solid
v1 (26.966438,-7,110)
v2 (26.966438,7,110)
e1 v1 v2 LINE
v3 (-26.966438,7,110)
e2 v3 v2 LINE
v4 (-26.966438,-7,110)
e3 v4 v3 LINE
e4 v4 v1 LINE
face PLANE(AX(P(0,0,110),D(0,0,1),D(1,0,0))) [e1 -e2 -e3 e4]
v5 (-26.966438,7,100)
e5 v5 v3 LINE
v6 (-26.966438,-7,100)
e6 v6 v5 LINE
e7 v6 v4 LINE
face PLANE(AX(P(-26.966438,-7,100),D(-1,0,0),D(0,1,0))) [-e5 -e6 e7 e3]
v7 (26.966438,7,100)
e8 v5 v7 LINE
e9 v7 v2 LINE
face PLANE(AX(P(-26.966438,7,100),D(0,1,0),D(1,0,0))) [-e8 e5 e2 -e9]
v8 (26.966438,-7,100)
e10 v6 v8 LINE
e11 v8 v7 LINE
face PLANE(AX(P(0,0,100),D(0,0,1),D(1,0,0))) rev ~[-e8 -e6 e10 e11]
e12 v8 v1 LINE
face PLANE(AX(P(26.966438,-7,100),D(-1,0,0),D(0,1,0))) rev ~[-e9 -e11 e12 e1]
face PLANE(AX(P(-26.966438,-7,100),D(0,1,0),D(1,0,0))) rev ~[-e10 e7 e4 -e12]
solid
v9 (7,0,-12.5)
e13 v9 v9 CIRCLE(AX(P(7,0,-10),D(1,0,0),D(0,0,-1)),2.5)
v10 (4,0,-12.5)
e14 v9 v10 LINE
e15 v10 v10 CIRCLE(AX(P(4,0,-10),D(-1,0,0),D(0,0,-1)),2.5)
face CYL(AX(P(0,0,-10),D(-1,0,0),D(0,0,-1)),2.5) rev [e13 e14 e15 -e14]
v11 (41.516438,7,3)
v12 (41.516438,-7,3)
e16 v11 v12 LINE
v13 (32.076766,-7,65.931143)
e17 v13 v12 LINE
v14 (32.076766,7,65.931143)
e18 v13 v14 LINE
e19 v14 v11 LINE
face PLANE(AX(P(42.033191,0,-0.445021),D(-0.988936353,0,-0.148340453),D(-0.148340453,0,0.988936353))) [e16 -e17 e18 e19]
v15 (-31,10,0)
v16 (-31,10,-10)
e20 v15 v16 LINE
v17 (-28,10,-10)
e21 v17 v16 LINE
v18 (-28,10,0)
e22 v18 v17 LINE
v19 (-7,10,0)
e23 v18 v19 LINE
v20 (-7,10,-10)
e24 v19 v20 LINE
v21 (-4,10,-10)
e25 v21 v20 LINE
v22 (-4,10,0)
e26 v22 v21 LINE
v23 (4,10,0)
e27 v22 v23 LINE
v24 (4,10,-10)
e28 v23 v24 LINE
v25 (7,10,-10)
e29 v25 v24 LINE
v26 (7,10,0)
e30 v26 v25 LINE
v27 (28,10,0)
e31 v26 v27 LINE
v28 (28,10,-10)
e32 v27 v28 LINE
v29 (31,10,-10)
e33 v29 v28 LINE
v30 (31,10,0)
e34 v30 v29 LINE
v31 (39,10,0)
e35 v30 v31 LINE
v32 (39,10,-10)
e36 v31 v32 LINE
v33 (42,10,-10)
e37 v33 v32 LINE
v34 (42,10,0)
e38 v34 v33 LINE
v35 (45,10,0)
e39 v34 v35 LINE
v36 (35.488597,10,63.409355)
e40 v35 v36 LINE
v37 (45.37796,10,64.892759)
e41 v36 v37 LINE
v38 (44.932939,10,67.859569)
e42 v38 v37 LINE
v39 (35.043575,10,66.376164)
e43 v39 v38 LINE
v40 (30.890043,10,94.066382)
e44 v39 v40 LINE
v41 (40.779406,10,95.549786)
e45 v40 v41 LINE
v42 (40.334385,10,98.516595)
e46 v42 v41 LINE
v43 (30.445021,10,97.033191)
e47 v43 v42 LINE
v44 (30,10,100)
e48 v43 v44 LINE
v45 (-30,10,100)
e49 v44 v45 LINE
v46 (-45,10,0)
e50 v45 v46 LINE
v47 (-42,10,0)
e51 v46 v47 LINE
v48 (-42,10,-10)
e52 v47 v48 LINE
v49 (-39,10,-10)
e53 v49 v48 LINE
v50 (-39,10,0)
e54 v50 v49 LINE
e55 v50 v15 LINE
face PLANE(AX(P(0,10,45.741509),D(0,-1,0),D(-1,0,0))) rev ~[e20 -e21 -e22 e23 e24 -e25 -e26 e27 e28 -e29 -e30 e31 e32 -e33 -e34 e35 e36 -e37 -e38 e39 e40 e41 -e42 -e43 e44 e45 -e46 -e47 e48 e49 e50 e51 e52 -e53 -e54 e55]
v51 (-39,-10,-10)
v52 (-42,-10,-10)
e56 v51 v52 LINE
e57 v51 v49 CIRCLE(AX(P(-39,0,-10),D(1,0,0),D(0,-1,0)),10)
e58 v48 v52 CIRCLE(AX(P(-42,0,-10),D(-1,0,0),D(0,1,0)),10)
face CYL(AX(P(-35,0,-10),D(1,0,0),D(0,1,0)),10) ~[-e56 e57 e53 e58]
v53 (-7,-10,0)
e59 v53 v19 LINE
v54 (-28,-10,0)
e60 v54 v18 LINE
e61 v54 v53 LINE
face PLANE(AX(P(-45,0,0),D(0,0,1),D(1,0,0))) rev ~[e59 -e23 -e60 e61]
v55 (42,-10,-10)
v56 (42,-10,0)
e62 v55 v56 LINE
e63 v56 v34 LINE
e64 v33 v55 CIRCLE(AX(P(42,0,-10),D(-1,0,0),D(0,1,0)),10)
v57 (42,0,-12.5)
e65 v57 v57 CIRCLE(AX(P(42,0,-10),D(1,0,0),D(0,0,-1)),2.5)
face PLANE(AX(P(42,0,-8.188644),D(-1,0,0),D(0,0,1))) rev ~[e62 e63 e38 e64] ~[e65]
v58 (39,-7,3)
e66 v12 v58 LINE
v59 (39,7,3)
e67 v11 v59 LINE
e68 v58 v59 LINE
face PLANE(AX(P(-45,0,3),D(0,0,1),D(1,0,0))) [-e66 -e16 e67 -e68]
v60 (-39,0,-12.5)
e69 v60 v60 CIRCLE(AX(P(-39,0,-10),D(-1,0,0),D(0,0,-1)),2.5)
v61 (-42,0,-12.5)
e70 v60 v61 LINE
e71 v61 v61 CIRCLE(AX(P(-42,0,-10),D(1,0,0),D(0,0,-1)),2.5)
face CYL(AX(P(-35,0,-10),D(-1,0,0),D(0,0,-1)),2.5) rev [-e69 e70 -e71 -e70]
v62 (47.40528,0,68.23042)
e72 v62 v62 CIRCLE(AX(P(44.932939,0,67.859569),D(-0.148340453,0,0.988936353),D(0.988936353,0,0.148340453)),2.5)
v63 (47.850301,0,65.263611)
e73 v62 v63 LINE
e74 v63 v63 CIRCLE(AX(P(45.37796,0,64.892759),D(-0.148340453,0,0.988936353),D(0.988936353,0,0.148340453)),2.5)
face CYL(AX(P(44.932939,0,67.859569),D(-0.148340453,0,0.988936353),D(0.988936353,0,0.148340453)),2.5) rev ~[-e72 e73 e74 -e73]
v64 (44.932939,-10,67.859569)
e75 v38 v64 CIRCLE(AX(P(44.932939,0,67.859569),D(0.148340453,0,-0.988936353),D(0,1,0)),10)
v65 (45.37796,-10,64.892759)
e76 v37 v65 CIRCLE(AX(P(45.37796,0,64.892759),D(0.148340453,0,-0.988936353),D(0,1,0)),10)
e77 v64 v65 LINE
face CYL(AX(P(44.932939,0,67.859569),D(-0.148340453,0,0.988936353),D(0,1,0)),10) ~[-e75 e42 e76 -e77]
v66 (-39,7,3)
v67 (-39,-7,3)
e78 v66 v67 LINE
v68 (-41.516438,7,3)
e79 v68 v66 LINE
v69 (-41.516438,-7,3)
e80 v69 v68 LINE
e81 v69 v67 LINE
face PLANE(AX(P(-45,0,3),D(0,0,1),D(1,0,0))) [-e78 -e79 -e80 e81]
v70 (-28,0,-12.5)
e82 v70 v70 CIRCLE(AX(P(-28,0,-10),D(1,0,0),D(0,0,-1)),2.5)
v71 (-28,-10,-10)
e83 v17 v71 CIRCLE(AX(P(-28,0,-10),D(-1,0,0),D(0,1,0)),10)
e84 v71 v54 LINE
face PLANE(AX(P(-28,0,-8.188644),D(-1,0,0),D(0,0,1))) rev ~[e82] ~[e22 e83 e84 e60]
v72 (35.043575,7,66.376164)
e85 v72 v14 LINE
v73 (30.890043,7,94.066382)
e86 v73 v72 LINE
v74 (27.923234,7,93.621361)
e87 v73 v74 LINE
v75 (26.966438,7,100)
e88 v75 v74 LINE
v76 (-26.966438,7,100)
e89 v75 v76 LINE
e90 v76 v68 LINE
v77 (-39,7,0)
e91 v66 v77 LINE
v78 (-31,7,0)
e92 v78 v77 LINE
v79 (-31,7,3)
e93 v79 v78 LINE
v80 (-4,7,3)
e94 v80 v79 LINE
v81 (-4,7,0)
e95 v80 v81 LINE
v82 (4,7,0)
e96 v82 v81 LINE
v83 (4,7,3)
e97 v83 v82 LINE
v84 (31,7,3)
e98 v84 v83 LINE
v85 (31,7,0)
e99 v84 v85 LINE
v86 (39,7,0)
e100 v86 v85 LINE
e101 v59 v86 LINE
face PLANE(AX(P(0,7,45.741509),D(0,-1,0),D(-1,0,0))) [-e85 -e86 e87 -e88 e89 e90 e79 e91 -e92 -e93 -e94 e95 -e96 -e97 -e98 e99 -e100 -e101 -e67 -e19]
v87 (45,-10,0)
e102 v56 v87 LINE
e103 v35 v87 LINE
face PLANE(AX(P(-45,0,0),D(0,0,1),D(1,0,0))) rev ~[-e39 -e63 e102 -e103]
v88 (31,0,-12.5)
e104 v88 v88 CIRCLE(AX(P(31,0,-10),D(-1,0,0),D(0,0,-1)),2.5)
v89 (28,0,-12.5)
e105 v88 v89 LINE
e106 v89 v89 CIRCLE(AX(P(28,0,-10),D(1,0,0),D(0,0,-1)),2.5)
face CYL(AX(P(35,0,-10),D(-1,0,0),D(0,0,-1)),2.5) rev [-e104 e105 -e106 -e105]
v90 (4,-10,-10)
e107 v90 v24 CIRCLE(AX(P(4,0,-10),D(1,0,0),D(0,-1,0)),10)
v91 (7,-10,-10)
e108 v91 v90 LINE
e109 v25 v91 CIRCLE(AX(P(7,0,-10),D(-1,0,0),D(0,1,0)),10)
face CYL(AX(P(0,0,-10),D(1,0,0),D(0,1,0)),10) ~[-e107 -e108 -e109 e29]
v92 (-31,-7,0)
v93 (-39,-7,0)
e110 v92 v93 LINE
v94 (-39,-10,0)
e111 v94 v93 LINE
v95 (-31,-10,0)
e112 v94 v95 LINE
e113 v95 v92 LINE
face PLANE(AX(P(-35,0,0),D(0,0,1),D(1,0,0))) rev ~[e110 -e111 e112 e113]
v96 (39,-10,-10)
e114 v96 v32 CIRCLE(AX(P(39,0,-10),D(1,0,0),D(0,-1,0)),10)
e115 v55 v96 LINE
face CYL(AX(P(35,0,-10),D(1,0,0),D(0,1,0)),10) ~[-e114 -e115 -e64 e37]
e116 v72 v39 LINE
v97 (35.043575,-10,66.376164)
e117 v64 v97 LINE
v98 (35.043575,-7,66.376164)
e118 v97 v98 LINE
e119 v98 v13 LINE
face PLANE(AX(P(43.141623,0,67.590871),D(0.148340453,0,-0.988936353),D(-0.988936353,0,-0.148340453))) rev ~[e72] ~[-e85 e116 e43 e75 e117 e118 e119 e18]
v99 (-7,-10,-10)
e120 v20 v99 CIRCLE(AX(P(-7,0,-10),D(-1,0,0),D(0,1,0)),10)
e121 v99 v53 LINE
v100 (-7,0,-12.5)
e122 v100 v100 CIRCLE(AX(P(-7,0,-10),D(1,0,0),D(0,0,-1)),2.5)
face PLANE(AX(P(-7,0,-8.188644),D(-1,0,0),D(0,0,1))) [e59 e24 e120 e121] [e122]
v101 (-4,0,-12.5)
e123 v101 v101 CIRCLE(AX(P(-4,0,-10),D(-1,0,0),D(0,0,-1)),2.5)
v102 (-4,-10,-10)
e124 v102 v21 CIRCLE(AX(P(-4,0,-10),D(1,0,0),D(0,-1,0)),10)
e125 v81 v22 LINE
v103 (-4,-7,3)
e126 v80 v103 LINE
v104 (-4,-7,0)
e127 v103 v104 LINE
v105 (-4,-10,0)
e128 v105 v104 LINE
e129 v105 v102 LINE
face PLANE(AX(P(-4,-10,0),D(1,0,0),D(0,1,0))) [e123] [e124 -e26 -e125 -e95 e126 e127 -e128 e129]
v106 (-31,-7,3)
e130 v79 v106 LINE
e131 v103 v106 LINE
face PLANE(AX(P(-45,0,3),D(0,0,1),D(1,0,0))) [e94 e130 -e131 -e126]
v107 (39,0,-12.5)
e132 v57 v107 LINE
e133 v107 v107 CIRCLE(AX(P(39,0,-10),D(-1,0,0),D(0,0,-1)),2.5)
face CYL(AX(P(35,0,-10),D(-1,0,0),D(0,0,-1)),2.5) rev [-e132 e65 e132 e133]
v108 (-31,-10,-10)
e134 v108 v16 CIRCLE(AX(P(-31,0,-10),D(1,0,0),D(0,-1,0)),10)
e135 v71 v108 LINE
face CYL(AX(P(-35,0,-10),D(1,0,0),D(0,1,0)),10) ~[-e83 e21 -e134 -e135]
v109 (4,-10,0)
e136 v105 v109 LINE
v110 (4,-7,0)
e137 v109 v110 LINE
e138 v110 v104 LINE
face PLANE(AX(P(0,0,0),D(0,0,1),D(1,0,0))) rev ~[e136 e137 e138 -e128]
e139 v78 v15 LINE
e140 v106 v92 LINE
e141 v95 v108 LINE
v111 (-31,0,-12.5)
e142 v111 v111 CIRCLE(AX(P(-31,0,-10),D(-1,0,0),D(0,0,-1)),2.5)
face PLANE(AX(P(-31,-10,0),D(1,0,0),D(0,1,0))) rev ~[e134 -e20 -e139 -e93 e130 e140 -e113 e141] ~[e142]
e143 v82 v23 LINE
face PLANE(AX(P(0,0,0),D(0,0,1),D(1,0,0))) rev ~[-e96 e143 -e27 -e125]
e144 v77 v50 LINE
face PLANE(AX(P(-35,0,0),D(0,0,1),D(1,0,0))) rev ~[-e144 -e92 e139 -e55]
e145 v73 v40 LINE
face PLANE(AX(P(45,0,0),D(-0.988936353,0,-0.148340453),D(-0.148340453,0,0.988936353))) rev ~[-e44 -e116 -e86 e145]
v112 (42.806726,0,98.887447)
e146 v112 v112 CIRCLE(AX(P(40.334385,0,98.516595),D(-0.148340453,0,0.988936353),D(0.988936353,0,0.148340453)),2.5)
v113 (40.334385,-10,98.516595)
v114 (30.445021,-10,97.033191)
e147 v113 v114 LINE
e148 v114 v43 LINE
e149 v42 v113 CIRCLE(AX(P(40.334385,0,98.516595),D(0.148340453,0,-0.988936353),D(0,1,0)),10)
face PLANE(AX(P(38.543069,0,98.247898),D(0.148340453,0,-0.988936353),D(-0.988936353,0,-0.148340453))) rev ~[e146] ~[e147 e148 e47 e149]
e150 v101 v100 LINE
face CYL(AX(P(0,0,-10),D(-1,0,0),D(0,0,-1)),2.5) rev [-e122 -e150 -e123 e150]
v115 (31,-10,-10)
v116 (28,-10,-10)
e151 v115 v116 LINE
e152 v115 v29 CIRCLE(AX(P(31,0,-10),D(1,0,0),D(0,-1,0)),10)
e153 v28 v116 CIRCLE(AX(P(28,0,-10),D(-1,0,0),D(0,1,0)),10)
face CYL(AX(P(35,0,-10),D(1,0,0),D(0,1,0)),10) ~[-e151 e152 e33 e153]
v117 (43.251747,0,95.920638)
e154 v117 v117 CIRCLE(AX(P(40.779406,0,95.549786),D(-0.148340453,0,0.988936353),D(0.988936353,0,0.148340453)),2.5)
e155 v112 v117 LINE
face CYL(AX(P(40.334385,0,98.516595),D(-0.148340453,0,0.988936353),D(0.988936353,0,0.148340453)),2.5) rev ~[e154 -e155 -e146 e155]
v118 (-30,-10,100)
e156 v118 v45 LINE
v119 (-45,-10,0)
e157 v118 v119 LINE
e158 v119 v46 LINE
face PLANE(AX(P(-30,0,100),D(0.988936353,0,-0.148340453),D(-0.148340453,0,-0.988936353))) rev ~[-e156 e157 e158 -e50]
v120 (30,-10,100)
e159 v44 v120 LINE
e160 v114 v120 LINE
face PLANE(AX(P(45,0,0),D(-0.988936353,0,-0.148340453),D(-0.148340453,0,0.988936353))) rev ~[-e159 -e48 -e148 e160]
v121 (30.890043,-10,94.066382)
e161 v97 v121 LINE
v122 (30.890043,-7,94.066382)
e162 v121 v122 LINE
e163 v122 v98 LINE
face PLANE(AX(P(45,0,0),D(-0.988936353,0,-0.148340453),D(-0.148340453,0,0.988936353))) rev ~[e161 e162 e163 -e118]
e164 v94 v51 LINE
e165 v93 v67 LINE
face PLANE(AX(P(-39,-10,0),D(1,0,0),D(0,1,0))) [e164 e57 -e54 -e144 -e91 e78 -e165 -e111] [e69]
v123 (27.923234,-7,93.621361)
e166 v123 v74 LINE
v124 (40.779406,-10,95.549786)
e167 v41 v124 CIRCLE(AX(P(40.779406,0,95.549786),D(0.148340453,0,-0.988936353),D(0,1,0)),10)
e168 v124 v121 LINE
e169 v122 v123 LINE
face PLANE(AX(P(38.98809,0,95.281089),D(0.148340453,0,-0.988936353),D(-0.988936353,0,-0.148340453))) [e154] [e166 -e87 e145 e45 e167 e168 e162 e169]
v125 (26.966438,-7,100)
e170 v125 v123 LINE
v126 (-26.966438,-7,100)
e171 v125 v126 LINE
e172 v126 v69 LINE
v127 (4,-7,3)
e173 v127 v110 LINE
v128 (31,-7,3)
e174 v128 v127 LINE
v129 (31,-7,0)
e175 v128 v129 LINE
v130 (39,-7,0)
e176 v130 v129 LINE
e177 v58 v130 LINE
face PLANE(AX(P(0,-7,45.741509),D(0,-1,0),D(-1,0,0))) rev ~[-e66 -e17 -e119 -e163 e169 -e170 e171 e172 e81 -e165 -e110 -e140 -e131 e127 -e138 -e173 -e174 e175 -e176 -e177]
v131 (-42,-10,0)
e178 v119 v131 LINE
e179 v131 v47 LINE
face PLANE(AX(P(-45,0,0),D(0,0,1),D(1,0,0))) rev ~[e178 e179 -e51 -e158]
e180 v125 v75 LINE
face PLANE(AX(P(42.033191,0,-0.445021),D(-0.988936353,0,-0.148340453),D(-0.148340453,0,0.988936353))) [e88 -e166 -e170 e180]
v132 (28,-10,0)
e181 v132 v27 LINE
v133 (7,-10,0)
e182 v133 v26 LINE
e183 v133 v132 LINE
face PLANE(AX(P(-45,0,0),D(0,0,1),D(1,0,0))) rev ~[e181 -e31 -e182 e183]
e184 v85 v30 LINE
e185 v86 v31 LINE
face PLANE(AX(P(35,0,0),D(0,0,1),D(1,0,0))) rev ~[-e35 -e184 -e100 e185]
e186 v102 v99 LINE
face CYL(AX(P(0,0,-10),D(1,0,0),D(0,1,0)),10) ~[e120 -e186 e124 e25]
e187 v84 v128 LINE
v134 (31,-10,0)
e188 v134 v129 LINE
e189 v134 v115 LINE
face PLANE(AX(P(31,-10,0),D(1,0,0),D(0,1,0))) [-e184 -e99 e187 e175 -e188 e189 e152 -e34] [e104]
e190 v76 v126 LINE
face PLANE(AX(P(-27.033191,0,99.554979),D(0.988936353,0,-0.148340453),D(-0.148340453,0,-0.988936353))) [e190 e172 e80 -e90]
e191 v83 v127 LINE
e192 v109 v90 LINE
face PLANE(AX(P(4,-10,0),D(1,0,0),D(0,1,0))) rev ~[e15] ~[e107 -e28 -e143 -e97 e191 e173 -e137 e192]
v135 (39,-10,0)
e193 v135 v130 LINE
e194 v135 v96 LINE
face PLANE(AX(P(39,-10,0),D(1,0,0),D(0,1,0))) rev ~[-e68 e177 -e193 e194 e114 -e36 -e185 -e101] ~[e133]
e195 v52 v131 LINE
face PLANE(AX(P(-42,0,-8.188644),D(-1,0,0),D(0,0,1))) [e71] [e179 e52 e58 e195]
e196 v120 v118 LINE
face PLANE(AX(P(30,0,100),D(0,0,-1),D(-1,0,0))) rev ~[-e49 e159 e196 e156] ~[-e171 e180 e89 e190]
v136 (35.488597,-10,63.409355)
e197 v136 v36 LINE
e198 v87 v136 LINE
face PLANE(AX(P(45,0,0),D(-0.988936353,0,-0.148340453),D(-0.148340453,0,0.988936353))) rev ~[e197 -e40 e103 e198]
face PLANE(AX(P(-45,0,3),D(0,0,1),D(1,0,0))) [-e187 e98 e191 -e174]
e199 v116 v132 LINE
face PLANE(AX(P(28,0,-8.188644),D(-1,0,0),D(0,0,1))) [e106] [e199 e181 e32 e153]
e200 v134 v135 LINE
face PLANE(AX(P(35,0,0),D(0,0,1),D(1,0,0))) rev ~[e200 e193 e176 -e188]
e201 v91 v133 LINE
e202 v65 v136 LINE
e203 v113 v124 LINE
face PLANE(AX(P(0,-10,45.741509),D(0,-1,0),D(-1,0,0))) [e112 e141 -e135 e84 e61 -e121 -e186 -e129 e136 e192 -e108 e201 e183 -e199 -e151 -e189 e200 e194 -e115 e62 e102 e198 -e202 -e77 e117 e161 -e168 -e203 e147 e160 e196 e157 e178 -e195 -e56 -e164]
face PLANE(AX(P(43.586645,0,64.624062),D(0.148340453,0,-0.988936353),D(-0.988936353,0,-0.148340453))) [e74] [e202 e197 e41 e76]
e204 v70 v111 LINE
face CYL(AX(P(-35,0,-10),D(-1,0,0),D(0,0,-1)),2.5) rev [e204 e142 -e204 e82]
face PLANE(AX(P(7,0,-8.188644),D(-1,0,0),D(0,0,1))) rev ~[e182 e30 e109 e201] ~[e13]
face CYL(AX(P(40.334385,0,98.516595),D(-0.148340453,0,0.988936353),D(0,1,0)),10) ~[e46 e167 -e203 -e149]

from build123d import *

# Parameters (mm, degrees)
BOSS_EXTRUDE1_DEPTH = 10
BOSS_EXTRUDE2_START = 35
SKETCH2_R           = 2.5
BOSS_EXTRUDE2_DEPTH = 7
LPATTERN1_COUNT     = 3
LPATTERN1_PITCH     = 35
SHELL1_T            = -3
SKETCH3_W           = 8
SKETCH3_H           = 20
CUT_EXTRUDE1_DEPTH  = 20
BOSS_EXTRUDE3_START = -3
SKETCH5_R           = 2.5
BOSS_EXTRUDE3_DEPTH = 3
LPATTERN2_COUNT     = 2
LPATTERN2_PITCH     = 31
SKETCH6_W           = 28
SKETCH6_H           = 14
CUT_EXTRUDE2_DEPTH  = 3
SKETCH7_W           = 53.932875476
SKETCH7_H           = 14
BOSS_EXTRUDE4_DEPTH = 10


with BuildPart() as part:
    # Sketch1 → Boss-Extrude1 (new body, symmetric)
    with BuildSketch(Plane(origin=(0, 0, 0), x_dir=(1, 0, 0), z_dir=(0, 1, 0))):
        Polygon((-45, 0), (45, 0), (30, -100), (-30, -100), align=None)
    extrude(amount=BOSS_EXTRUDE1_DEPTH, both=True)

    # Sketch2 → Boss-Extrude2 (add, symmetric)
    with BuildSketch(Plane(origin=(0, 0, 0), x_dir=(0, 0, -1), z_dir=(1, 0, 0)).offset(BOSS_EXTRUDE2_START)):
        with BuildLine():
            Line((0, 10), (10, 10))
            ThreePointArc((10, 10), (20, 0), (10, -10))
            Line((10, -10), (0, -10))
            Line((0, -10), (0, 10))
        make_face()
        with Locations((10, 0)):
            Circle(SKETCH2_R, mode=Mode.SUBTRACT)
    boss_extrude2 = extrude(amount=BOSS_EXTRUDE2_DEPTH, both=True)

    # LPattern1: Boss-Extrude2 ×3
    with Locations(*[(-i * LPATTERN1_PITCH, 0, 0) for i in range(1, LPATTERN1_COUNT)]):
        add(boss_extrude2)

    # Shell1
    shell1_openings = [part.faces().sort_by_distance(p)[0] for p in [
        (0, 0, 100),
    ]]
    offset(amount=SHELL1_T, openings=shell1_openings, kind=Kind.INTERSECTION)

    # Sketch3 → Cut-Extrude1 (cut)
    with BuildSketch(Plane.XY):
        with Locations((35, 0)):
            Rectangle(SKETCH3_W, SKETCH3_H)
        Rectangle(SKETCH3_W, SKETCH3_H)
        with Locations((-35, 0)):
            Rectangle(SKETCH3_W, SKETCH3_H)
    extrude(amount=-CUT_EXTRUDE1_DEPTH, mode=Mode.SUBTRACT)

    # Sketch5 → Boss-Extrude3 (add)
    with BuildSketch(Plane(origin=(-14.009779951, 0, 93.398533007), x_dir=(0.988936353, 0, 0.148340453), z_dir=(-0.148340453, 0, 0.988936353)).offset(BOSS_EXTRUDE3_START)):
        with BuildLine():
            Line((44.502135879, 10), (54.502135879, 10))
            ThreePointArc((54.502135879, 10), (64.502135879, 0), (54.502135879, -10))
            Line((54.502135879, -10), (44.502135879, -10))
            Line((44.502135879, -10), (44.502135879, 10))
        make_face()
        with Locations((54.502135879, 0)):
            Circle(SKETCH5_R, mode=Mode.SUBTRACT)
    boss_extrude3 = extrude(amount=-BOSS_EXTRUDE3_DEPTH)

    # LPattern2: Boss-Extrude3 ×2
    with Locations(*[Vector(0.148340453, 0, -0.988936353) * (i * LPATTERN2_PITCH) for i in range(1, LPATTERN2_COUNT)]):
        add(boss_extrude3)

    # Sketch6 → Cut-Extrude2 (cut)
    with BuildSketch(Plane(origin=(44.009779951, 0, 6.601466993), x_dir=(0.148340453, 0, -0.988936353), z_dir=(0.988936353, 0, 0.148340453))):
        with Locations((-74.443421699, 0)):
            Rectangle(SKETCH6_W, SKETCH6_H)
    extrude(amount=-CUT_EXTRUDE2_DEPTH, mode=Mode.SUBTRACT)


with BuildPart() as body_2:
    # Sketch7 → Boss-Extrude4 (new body)
    with BuildSketch(Plane.XY.offset(100)):
        Rectangle(SKETCH7_W, SKETCH7_H)
    extrude(amount=BOSS_EXTRUDE4_DEPTH)


solid = Compound([part.part, body_2.part])
